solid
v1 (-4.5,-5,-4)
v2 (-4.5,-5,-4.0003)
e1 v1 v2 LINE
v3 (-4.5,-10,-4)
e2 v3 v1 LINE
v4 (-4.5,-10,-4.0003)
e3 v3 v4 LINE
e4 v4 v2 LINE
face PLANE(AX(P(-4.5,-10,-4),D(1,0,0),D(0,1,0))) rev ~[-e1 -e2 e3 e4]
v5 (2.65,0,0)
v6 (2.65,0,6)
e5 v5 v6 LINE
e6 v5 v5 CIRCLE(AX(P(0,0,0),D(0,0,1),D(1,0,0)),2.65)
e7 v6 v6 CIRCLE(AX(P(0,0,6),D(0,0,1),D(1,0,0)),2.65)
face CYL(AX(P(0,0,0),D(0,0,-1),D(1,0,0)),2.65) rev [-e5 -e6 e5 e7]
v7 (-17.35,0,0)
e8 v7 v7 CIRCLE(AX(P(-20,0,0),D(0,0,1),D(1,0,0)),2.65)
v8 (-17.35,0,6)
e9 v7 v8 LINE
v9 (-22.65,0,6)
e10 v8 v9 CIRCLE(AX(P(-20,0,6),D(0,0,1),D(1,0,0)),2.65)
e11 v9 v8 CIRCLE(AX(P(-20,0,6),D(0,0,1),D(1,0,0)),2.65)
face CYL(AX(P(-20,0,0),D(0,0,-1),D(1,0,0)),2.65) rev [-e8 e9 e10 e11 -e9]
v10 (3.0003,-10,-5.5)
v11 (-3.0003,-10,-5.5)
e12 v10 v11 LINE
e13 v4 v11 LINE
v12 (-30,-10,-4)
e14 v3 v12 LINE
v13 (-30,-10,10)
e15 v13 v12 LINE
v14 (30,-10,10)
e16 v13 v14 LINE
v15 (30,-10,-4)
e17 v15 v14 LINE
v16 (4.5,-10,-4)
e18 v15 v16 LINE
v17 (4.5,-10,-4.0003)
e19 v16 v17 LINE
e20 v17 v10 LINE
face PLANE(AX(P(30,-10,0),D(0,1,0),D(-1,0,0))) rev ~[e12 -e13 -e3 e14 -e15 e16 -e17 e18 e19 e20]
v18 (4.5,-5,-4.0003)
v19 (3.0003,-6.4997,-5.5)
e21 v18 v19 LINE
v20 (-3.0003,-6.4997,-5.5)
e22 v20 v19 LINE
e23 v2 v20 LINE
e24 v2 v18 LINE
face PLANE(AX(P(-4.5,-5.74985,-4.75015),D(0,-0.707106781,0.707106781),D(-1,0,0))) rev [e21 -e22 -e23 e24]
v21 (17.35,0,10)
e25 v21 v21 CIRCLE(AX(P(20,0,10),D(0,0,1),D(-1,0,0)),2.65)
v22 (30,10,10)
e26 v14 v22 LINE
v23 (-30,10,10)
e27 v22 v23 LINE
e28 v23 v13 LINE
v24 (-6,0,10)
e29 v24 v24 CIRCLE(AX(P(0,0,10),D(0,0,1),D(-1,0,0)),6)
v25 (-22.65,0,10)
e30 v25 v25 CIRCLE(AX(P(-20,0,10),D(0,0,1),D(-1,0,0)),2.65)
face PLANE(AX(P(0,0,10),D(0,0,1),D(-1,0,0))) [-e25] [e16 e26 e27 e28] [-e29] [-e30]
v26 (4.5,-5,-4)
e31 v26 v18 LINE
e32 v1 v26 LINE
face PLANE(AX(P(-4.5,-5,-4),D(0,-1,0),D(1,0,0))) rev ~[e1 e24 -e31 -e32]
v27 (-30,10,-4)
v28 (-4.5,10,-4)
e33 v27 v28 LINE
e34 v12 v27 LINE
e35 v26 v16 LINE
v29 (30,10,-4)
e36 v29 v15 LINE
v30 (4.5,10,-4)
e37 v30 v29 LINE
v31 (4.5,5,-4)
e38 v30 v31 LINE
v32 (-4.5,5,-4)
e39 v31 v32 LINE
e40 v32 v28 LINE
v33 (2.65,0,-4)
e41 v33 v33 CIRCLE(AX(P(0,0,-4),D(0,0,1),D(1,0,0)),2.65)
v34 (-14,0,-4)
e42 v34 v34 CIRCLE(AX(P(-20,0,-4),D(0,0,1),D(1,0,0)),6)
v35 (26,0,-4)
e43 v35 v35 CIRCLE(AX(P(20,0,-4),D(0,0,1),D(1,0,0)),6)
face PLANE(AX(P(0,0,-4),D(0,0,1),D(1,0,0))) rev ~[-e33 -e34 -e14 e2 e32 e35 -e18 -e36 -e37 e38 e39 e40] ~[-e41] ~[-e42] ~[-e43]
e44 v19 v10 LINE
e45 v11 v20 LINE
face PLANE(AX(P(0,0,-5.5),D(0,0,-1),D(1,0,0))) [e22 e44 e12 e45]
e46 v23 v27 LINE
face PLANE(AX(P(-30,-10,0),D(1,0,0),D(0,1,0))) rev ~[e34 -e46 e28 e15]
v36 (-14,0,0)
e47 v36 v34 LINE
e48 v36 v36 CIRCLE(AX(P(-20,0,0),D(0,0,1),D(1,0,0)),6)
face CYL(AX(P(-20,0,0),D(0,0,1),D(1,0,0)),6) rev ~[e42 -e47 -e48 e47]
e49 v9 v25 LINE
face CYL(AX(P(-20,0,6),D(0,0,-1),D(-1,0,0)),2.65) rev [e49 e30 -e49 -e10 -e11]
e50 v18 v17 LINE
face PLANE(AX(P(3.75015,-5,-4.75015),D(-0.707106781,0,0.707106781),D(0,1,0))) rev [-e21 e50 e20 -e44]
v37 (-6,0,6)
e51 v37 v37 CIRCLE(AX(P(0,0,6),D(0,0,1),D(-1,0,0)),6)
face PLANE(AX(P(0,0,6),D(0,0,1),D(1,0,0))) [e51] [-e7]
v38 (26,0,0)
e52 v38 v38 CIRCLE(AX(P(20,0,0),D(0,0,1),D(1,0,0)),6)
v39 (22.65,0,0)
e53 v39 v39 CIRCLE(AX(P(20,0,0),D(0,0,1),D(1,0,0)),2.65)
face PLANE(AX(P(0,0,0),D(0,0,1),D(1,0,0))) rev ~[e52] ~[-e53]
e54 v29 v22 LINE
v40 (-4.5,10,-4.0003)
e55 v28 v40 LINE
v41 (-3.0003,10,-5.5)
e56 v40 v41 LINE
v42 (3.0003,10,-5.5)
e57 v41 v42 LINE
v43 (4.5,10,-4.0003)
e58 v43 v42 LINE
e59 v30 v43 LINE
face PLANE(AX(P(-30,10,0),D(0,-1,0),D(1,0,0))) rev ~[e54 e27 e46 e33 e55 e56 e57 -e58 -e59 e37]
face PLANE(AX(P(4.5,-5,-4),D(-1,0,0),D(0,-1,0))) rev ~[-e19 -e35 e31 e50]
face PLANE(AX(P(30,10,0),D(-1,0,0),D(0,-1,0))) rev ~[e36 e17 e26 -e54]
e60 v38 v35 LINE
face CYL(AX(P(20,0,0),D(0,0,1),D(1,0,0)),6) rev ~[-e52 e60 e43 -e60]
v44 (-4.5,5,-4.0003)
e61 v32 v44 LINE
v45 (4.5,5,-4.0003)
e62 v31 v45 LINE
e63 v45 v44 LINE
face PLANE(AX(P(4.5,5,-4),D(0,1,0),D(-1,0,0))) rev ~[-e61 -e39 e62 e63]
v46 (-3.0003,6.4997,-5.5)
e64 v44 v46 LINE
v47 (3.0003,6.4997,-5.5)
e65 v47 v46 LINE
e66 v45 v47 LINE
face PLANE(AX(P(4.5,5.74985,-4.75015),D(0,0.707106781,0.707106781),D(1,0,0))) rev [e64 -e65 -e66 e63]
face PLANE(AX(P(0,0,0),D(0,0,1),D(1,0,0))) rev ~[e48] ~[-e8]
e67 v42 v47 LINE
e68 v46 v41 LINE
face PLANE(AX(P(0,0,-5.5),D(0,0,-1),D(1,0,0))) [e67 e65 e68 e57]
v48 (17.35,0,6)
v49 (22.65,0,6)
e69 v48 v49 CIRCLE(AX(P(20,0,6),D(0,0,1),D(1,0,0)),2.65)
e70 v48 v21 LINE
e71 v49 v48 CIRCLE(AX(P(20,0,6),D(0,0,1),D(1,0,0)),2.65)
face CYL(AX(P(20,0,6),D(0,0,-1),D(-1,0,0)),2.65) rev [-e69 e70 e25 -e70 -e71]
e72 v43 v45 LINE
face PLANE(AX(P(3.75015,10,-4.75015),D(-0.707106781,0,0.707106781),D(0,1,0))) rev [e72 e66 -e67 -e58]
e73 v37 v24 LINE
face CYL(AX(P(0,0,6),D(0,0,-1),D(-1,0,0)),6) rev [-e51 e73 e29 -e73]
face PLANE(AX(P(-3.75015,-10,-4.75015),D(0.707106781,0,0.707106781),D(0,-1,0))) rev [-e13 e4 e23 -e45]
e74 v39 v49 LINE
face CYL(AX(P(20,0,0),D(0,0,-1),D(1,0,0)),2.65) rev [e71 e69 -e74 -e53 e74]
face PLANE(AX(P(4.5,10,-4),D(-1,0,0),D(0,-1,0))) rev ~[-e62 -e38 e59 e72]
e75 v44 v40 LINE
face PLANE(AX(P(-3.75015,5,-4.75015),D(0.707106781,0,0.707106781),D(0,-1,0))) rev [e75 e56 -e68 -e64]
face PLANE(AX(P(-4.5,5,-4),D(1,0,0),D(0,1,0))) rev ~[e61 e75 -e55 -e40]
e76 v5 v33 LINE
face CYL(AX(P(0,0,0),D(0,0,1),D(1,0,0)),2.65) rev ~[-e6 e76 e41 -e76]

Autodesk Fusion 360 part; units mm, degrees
sketch "Sketch1" plane through (0, 0, 0) normal (0, 0, 1) x (1, 0, 0)
  line L0 (30, -10) -> (-30, -10)
  line L1 (-30, -10) -> (-30, 10)
  line L2 (-30, 10) -> (30, 10)
  line L3 (30, 10) -> (30, -10)
  line L4 (30, -10) -> (-30, 10) construction
  line L5 (-30, -10) -> (30, 10) construction
  circle A0 centre (0, 0) radius 2.65
  circle A1 centre (20, 0) radius 2.65
  circle A2 centre (-20, 0) radius 2.65
  circle A3 centre (-20, 0) radius 6
  circle A4 centre (20, 0) radius 6
  dimension "d1" = 60
  dimension "d2" = 20
  dimension "d3" = 5.3
  dimension "d4" = 5.3
  dimension "d5" = 5.3
  dimension "d11" = 12
  dimension "d12" = 12
extrude "Extrude1" add sketch "Sketch1" along normal blind 6 contours L0 L1 L2 L3 | A3 | A4
sketch "Sketch2" plane through (0, 0, 6) normal (0, 0, 1) x (-1, 0, 0)
  circle A0 centre (0, 0) radius 2.65
  circle A1 centre (-20, 0) radius 2.65
  circle A2 centre (20, 0) radius 2.65
  line L0 (-30, -10) -> (30, -10)
  line L1 (30, -10) -> (30, 10)
  line L2 (30, 10) -> (-30, 10)
  line L3 (-30, 10) -> (-30, -10)
  circle A3 centre (0, 0) radius 6
  dimension "d8" = 12
extrude "Extrude2" add sketch "Sketch2" along normal blind 4 contours L0 L1 L2 L3
extrude "Extrude4" add sketch "Sketch1" against normal blind 4 contours L0 L1 L2 L3
sketch "Sketch3" plane through (0, 0, -4) normal (0, 0, -1) x (1, 0, 0)
  circle A0 centre (0, 0) radius 2.65
  circle A1 centre (20, 0) radius 6
  circle A2 centre (-20, 0) radius 6
  line L0 (-30, -10) -> (30, -10)
  line L1 (30, -10) -> (30, 10)
  line L2 (30, 10) -> (-30, 10)
  line L3 (-30, 10) -> (-30, -10)
  line L4 (-4.5, 5) -> (4.5, 5)
  line L5 (4.5, 5) -> (4.5, 10)
  line L6 (4.5, 10) -> (-4.5, 10)
  line L7 (-4.5, 10) -> (-4.5, 5)
  line L8 (-4.5, -10) -> (4.5, -10)
  line L9 (4.5, -10) -> (4.5, -5)
  line L10 (4.5, -5) -> (-4.5, -5)
  line L11 (-4.5, -5) -> (-4.5, -10)
  dimension "d17" = 9
  dimension "d18" = 5
  dimension "d19" = 9
  dimension "d20" = 5
extrude "Extrude5" add sketch "Sketch3" along normal blind 1.5 contours L0 L8 L9 L10 L11 | L2 L4 L5 L6 L7
chamfer "Chamfer1" distance 1.5 angle 45 6 edges at (-4.5, -7.5, -5.5) (0, -5, -5.5) (4.5, -7.5, -5.5) (-4.5, 7.5, -5.5) (0, 5, -5.5) (4.5, 7.5, -5.5)
extrude "Extrude3" [suppressed]
